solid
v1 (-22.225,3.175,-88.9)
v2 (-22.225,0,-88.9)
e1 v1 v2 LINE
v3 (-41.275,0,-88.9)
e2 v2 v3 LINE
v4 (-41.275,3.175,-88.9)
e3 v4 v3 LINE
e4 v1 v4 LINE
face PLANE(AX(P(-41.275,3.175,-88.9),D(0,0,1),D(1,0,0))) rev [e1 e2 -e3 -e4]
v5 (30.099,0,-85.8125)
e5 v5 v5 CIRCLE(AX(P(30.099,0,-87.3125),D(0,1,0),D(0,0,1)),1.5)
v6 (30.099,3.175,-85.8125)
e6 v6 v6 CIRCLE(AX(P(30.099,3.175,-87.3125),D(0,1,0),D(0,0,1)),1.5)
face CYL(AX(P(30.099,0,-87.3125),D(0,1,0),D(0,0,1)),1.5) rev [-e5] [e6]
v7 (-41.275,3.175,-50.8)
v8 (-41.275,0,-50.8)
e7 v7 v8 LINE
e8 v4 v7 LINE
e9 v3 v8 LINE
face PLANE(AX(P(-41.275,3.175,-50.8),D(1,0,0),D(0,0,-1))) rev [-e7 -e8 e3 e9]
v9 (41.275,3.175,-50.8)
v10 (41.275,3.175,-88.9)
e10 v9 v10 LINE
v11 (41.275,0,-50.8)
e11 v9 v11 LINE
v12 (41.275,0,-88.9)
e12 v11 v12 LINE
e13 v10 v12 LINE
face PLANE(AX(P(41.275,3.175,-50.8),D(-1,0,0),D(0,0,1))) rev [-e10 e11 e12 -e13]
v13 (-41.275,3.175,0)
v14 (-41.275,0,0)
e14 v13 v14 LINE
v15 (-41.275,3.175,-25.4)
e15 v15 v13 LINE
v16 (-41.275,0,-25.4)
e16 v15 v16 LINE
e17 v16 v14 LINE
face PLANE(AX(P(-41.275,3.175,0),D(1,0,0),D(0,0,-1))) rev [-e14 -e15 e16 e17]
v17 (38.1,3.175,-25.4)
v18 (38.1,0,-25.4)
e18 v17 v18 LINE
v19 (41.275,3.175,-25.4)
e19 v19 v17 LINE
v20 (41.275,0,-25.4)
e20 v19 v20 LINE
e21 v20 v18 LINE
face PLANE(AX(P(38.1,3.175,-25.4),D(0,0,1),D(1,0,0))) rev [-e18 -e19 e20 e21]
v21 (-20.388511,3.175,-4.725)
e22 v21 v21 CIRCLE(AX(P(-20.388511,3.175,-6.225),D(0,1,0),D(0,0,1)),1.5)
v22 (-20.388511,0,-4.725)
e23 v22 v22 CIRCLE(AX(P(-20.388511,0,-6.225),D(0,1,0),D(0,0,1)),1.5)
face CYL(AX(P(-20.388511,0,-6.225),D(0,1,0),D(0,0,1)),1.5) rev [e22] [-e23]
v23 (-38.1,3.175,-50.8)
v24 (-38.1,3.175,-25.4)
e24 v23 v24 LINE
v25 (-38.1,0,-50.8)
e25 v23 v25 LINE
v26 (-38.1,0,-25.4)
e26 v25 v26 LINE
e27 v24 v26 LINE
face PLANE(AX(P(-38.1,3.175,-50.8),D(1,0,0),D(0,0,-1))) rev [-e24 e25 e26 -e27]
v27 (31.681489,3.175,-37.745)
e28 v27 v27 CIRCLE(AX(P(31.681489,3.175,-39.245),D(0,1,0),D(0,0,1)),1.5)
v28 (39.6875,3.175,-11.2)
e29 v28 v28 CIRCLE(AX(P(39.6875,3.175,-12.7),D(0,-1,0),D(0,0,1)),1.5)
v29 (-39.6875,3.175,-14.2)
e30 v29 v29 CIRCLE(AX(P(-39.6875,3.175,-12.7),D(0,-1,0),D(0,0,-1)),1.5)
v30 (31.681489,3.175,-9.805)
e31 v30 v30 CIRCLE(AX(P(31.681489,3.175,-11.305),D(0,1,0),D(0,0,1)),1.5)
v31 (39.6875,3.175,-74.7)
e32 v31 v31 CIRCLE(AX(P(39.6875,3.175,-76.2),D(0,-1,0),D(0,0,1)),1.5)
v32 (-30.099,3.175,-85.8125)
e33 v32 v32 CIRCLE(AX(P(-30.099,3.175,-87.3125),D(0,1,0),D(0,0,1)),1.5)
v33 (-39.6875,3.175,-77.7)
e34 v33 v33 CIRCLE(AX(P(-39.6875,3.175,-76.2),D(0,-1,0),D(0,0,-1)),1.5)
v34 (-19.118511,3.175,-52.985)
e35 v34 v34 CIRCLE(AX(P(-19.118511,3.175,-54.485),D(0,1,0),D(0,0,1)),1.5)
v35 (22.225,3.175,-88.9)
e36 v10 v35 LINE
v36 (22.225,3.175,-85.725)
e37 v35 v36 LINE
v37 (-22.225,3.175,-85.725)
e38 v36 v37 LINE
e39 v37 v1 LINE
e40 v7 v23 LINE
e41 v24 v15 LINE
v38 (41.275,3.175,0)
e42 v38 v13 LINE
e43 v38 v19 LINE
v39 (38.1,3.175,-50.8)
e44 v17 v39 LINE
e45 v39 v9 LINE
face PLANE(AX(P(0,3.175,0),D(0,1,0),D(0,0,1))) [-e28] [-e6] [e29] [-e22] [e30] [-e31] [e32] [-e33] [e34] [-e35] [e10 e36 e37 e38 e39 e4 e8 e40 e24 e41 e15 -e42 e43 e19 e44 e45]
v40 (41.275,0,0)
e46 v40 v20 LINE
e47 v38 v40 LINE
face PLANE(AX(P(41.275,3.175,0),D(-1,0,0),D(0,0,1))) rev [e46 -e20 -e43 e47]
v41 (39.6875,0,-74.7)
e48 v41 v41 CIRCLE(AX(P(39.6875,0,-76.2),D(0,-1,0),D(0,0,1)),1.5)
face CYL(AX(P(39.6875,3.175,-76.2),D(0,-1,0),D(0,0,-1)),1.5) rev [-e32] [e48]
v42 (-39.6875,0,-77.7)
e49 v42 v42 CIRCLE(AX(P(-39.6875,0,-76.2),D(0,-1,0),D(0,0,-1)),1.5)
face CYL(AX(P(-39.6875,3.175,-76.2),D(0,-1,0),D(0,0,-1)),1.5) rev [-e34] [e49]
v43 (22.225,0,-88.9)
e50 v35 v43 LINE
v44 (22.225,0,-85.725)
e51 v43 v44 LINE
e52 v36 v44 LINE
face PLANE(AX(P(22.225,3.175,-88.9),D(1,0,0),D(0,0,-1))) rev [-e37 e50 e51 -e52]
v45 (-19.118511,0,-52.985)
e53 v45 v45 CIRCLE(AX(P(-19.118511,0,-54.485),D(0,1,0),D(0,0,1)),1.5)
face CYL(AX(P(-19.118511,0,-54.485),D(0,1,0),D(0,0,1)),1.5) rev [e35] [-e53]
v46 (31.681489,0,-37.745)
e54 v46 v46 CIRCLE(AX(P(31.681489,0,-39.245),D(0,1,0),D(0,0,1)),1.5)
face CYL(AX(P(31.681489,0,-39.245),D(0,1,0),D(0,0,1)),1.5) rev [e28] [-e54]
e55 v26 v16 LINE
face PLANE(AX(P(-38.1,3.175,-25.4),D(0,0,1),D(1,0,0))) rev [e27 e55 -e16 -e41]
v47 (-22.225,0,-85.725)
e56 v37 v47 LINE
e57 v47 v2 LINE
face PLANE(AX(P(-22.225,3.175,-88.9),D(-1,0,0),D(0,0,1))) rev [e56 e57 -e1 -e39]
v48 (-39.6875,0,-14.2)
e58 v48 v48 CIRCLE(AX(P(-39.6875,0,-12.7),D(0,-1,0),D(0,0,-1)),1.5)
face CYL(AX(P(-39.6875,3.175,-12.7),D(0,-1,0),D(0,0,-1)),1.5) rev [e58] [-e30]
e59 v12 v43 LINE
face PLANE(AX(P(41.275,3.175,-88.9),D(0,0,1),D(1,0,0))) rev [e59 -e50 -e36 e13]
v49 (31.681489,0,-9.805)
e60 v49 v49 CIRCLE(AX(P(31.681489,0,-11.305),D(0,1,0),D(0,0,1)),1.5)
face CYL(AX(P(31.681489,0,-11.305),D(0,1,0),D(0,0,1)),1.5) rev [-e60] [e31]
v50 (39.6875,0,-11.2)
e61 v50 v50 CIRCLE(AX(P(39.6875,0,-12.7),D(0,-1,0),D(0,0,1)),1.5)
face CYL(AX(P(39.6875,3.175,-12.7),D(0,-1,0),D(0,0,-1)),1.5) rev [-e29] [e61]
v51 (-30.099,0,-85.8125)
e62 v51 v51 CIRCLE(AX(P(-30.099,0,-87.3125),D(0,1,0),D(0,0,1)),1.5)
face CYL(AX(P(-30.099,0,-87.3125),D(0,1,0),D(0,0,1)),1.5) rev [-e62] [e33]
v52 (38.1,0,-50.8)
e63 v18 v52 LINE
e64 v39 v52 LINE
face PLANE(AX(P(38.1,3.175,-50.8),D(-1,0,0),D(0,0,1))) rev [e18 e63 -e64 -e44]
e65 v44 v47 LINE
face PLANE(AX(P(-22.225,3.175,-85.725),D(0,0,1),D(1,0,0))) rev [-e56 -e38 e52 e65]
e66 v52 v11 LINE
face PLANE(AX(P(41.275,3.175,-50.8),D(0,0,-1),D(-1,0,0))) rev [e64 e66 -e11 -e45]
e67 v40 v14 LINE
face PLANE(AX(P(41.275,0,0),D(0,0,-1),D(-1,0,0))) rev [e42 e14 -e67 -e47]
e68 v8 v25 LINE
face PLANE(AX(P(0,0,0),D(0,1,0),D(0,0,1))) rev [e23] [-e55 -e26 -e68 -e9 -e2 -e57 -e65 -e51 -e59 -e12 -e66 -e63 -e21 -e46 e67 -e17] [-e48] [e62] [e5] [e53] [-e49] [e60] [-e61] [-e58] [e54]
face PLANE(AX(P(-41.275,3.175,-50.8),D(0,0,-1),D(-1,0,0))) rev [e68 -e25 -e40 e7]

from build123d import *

# Parameters (mm, degrees)
BOSS_EXTRUDE1_DEPTH = 3.175
SKETCH2_R           = 1.5
SKETCH2_R_2         = 1.500000048
CUT_EXTRUDE1_DEPTH  = 99.065877093
SKETCH4_R           = 1.5
CUT_EXTRUDE3_DEPTH  = 99.065877093
SKETCH5_W           = 82.55
SKETCH5_H           = 60.325
CUT_EXTRUDE4_DEPTH  = 99.065877093
SKETCH6_R           = 1.5
CUT_EXTRUDE5_DEPTH  = 99.065877093


with BuildPart() as part:
    # Sketch1 → Boss-Extrude1 (new body)
    with BuildSketch(Plane(origin=(0, 0, 0), x_dir=(1, 0, 0), z_dir=(0, 1, 0))):
        Polygon((-41.275, 0), (-36.368301991, -11.713851401), (-33.466950324, -10.424361771), (-17.857958519, -45.544593333), (-20.759310186, -46.834082962), (-15.601351667, -58.43948963), (-12.7, -60.325), (-5.08, -60.325), (-5.08, -57.15), (5.08, -57.15), (5.08, -60.325), (12.7, -60.325), (15.601351667, -58.43948963), (20.759310186, -46.834082962), (17.857958519, -45.544593333), (33.466950324, -10.424361771), (36.368301991, -11.713851401), (41.275, 0), (41.275, 25.4), (38.1, 25.4), (38.1, 50.8), (41.275, 50.8), (41.275, 88.9), (22.225, 88.9), (22.225, 85.725), (10.205057544, 85.725), (-10.205057544, 85.725), (-22.225, 85.725), (-22.225, 88.9), (-41.275, 88.9), (-41.275, 50.8), (-38.1, 50.8), (-38.1, 25.4), (-41.275, 25.4), align=None)
    extrude(amount=BOSS_EXTRUDE1_DEPTH)

    # Sketch2 → Cut-Extrude1 (cut, through all)
    with BuildSketch(Plane(origin=(0, 0, 0), x_dir=(-1, 0, 0), z_dir=(0, -1, 0))):
        with Locations(Location((39.6875, 76.2, 0), (0, 0, 90))):
            Circle(SKETCH2_R)
        with Locations(Location((-8.89, -58.7375, 0), (0, 0, 270))):
            Circle(SKETCH2_R_2)
        with Locations(Location((39.6875, 12.7, 0), (0, 0, 90))):
            Circle(SKETCH2_R_2)
        with Locations((37.496605417, -5.266403252)):
            Circle(SKETCH2_R_2)
        with Locations(Location((16.729655093, -51.992041481, 0), (0, 0, 90))):
            Circle(SKETCH2_R_2)
        with Locations(Location((8.89, -58.7375, 0), (0, 0, 90))):
            Circle(SKETCH2_R_2)
        with Locations(Location((-16.729655093, -51.992041481, 0), (0, 0, 270))):
            Circle(SKETCH2_R_2)
        with Locations((-37.496605417, -5.266403252)):
            Circle(SKETCH2_R_2)
        with Locations(Location((-39.6875, 12.7, 0), (0, 0, 270))):
            Circle(SKETCH2_R_2)
        with Locations(Location((-39.6875, 76.2, 0), (0, 0, 270))):
            Circle(SKETCH2_R)
    extrude(amount=-CUT_EXTRUDE1_DEPTH, mode=Mode.SUBTRACT)

    # Sketch4 → Cut-Extrude3 (cut, through all)
    with BuildSketch(Plane(origin=(0, 3.175, 0), x_dir=(1, 0, 0), z_dir=(0, 1, 0))):
        with Locations(Location((31.681488655, 11.305, 0), (0, 0, 270))):
            Circle(SKETCH4_R)
        with Locations(Location((31.681488655, 39.245, 0), (0, 0, 270))):
            Circle(SKETCH4_R)
        with Locations(Location((-20.388511345, 6.225, 0), (0, 0, 270))):
            Circle(SKETCH4_R)
        with Locations(Location((-19.118511345, 54.485, 0), (0, 0, 270))):
            Circle(SKETCH4_R)
    extrude(amount=-CUT_EXTRUDE3_DEPTH, mode=Mode.SUBTRACT)

    # Sketch5 → Cut-Extrude4 (cut, through all)
    with BuildSketch(Plane(origin=(0, 3.175, 0), x_dir=(1, 0, 0), z_dir=(0, 1, 0))):
        with Locations((0, -30.1625)):
            Rectangle(SKETCH5_W, SKETCH5_H)
    extrude(amount=-CUT_EXTRUDE4_DEPTH, mode=Mode.SUBTRACT)

    # Sketch6 → Cut-Extrude5 (cut, through all)
    with BuildSketch(Plane(origin=(0, 3.175, 0), x_dir=(1, 0, 0), z_dir=(0, 1, 0))):
        with Locations(Location((-30.099, 87.3125, 0), (0, 0, 270))):
            Circle(SKETCH6_R)
        with Locations(Location((30.099, 87.3125, 0), (0, 0, 270))):
            Circle(SKETCH6_R)
    extrude(amount=-CUT_EXTRUDE5_DEPTH, mode=Mode.SUBTRACT)


solid = part.part
